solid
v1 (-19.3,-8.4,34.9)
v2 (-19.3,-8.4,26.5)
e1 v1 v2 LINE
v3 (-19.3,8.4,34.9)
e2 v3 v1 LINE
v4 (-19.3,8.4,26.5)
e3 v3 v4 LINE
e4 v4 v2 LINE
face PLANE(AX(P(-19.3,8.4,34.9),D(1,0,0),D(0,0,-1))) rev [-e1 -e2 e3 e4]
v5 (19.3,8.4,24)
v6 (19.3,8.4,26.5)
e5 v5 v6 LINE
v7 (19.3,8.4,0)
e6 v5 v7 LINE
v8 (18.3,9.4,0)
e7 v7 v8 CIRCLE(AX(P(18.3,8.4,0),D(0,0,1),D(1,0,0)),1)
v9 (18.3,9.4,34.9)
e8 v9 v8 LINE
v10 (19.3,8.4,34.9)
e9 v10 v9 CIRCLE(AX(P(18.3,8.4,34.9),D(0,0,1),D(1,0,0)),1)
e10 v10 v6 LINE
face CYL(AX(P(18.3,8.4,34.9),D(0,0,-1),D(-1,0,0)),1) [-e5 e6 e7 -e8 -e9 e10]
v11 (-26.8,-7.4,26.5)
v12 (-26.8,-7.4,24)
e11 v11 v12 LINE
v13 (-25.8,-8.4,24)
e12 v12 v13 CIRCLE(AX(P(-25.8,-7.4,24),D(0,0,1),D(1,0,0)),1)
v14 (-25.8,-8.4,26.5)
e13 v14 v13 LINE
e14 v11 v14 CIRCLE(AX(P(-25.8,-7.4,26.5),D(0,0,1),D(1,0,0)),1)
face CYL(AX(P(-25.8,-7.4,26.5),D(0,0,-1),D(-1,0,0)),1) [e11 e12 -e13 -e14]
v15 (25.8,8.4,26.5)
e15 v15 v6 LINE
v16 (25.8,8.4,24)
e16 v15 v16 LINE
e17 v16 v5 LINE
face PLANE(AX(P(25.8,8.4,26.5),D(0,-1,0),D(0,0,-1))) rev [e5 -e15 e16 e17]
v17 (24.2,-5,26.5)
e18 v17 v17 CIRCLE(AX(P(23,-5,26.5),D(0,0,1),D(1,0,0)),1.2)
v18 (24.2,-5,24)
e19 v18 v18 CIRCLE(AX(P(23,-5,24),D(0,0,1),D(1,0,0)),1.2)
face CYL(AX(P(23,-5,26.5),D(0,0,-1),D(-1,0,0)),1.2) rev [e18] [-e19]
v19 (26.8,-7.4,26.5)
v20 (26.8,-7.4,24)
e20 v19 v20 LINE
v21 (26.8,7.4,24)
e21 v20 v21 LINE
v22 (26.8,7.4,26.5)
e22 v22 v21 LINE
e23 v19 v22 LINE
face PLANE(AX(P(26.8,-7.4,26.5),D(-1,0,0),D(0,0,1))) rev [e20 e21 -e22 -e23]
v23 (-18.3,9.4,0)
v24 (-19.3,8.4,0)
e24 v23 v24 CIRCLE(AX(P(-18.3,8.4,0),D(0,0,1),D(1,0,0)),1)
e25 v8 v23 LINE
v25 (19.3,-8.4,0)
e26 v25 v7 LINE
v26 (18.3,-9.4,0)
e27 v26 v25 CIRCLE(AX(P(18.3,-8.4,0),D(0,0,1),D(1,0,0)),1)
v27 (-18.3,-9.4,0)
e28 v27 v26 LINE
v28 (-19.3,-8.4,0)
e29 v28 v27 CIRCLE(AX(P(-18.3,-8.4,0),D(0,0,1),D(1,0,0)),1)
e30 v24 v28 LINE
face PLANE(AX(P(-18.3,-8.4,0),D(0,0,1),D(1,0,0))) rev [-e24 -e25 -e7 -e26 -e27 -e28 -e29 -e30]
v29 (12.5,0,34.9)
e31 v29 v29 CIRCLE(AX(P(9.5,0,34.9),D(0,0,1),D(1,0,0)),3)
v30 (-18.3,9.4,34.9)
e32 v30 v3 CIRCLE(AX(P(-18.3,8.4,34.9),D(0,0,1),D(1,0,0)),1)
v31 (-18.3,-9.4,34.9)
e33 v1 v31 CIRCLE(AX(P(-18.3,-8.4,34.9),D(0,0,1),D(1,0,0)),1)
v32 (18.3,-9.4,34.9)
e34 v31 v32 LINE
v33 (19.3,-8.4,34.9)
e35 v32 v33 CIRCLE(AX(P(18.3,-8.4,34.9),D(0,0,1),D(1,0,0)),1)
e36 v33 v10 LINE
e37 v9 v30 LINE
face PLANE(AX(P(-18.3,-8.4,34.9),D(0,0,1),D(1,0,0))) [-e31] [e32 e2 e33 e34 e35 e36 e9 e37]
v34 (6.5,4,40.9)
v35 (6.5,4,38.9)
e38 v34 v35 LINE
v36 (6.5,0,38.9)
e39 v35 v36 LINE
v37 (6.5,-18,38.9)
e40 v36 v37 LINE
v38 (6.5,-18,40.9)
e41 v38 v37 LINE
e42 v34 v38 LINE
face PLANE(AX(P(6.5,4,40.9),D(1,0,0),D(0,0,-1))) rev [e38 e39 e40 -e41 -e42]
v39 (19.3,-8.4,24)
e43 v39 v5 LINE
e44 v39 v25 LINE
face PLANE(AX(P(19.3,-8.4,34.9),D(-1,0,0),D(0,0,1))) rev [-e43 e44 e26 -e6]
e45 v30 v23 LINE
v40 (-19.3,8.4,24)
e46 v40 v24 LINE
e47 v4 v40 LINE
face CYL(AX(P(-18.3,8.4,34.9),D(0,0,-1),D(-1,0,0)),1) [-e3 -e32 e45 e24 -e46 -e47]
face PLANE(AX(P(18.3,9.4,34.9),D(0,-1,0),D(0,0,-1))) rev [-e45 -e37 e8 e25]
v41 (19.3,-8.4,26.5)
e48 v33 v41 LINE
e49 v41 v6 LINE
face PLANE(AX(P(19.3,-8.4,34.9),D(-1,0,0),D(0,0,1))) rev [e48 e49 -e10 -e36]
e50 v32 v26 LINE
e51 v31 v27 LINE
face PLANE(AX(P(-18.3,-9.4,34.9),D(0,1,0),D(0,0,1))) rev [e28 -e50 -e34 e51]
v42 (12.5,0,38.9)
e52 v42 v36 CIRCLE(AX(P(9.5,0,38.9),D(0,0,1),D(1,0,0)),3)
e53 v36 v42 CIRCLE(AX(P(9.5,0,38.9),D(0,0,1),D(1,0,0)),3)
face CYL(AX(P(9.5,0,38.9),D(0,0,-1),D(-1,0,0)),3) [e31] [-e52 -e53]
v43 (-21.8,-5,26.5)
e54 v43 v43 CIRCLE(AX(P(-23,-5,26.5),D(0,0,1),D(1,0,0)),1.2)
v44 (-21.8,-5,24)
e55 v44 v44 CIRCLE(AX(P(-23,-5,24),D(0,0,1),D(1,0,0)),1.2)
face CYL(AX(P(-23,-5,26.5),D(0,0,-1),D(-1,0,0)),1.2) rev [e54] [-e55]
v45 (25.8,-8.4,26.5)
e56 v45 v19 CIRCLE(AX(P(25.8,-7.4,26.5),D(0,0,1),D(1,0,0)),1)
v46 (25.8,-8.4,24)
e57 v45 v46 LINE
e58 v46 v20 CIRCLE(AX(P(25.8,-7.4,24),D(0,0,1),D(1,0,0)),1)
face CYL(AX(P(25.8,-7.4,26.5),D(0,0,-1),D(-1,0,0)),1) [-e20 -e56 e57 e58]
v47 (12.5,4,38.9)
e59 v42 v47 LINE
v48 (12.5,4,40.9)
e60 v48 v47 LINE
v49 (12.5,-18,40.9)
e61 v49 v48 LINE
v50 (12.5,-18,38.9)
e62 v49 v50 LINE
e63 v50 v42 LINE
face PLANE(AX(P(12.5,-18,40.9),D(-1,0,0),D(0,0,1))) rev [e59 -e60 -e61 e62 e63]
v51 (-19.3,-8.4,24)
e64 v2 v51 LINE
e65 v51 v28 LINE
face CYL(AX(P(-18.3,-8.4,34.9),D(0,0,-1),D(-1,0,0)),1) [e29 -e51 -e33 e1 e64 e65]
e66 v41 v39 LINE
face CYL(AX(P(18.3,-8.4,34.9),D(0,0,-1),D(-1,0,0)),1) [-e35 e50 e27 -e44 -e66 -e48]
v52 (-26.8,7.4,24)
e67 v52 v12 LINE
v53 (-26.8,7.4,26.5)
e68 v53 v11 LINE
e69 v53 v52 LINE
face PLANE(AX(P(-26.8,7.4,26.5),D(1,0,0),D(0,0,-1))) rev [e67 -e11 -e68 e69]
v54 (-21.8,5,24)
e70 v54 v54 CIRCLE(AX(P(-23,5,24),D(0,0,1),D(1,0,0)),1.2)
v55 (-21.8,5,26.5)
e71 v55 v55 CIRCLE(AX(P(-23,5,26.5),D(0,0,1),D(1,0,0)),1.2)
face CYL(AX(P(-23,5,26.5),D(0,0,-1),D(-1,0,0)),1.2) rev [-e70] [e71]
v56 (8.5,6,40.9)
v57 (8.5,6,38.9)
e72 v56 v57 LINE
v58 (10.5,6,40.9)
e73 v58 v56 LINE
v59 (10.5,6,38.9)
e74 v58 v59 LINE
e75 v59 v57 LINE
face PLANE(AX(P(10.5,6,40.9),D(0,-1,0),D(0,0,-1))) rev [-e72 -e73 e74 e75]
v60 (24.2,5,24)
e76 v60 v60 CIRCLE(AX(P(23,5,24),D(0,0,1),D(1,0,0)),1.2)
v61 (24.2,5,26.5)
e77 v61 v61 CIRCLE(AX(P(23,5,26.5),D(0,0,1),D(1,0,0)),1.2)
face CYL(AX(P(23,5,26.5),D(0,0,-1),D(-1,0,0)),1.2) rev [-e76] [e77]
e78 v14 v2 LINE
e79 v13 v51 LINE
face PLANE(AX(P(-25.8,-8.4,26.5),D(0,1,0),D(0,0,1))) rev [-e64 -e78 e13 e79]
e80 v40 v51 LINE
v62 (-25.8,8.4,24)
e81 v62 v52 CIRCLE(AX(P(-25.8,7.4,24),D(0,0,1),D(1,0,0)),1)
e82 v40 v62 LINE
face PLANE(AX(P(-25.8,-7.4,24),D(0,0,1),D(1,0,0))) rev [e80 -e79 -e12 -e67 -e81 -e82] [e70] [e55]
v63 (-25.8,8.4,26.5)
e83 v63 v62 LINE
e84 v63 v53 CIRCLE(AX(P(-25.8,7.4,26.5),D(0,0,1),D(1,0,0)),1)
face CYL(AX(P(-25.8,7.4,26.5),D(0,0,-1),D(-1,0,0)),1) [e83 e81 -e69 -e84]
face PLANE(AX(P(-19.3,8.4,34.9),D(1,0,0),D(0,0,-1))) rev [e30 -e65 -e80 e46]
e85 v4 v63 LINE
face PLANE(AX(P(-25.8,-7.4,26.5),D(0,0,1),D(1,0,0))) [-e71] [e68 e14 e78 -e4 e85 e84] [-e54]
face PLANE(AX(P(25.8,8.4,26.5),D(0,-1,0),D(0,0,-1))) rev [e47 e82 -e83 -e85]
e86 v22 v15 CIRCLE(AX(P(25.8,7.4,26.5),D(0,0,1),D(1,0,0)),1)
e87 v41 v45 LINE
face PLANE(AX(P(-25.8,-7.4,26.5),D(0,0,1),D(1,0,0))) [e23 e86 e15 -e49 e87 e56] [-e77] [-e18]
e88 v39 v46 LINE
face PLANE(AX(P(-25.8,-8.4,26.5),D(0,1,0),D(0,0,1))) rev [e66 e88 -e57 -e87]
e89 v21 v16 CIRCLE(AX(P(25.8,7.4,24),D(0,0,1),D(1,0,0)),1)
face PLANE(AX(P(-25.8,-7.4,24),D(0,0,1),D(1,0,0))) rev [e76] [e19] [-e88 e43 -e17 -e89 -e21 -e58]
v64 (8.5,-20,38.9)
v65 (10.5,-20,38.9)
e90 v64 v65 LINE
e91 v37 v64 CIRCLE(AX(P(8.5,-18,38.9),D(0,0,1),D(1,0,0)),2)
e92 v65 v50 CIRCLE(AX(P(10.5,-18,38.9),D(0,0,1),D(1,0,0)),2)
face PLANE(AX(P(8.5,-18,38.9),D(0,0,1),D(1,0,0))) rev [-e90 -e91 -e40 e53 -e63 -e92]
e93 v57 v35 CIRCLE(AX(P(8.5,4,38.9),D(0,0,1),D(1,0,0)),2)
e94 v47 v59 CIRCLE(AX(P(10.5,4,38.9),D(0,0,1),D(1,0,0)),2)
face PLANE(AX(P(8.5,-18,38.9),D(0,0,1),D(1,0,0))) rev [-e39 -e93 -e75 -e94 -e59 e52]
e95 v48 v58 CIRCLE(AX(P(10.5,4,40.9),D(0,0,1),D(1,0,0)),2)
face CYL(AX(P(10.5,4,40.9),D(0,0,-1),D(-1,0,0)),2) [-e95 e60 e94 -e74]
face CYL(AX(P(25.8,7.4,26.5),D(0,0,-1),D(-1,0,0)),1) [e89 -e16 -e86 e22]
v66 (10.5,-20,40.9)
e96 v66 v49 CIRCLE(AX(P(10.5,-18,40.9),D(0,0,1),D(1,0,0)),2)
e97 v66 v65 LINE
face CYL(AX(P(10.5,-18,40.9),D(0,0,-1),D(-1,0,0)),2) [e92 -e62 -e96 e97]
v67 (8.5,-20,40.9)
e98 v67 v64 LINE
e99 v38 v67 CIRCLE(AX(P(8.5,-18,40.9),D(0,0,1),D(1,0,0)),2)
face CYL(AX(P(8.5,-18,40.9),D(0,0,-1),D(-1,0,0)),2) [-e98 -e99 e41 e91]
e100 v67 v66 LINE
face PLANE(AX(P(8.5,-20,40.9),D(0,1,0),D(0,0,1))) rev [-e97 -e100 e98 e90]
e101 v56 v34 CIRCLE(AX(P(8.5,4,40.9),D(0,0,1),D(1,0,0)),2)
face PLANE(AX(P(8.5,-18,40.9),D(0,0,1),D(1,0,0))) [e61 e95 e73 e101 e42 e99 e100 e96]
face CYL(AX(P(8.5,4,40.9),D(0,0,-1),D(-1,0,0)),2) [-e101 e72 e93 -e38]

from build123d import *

# Parameters (mm, degrees)
BOSS_EXTRUDE1_DEPTH = 34.9
BOSS_EXTRUDE2_DEPTH = 2.5
SKETCH3_R           = 1.2
CUT_EXTRUDE1_DEPTH  = 2.5
SKETCH4_R           = 3
BOSS_EXTRUDE3_DEPTH = 4
BOSS_EXTRUDE4_DEPTH = 2


with BuildPart() as part:
    # Sketch1 → Boss-Extrude1 (new body)
    with BuildSketch(Plane.XY):
        with BuildLine():
            Line((-18.3, -9.4), (18.3, -9.4))
            ThreePointArc((18.3, -9.4), (19.007106781, -9.107106781), (19.3, -8.4))
            Line((19.3, -8.4), (19.3, 8.4))
            ThreePointArc((19.3, 8.4), (19.007106781, 9.107106781), (18.3, 9.4))
            Line((18.3, 9.4), (-18.3, 9.4))
            ThreePointArc((-18.3, 9.4), (-19.007106781, 9.107106781), (-19.3, 8.4))
            Line((-19.3, 8.4), (-19.3, -8.4))
            ThreePointArc((-19.3, -8.4), (-19.007106781, -9.107106781), (-18.3, -9.4))
        make_face()
    extrude(amount=BOSS_EXTRUDE1_DEPTH)

    # Sketch2 → Boss-Extrude2 (add)
    with BuildSketch(Plane.XY.offset(24)):
        with BuildLine():
            Line((-25.8, -8.4), (25.8, -8.4))
            ThreePointArc((25.8, -8.4), (26.507106781, -8.107106781), (26.8, -7.4))
            Line((26.8, -7.4), (26.8, 7.4))
            ThreePointArc((26.8, 7.4), (26.507106781, 8.107106781), (25.8, 8.4))
            Line((25.8, 8.4), (-25.8, 8.4))
            ThreePointArc((-25.8, 8.4), (-26.507106781, 8.107106781), (-26.8, 7.4))
            Line((-26.8, 7.4), (-26.8, -7.4))
            ThreePointArc((-26.8, -7.4), (-26.507106781, -8.107106781), (-25.8, -8.4))
        make_face()
    extrude(amount=BOSS_EXTRUDE2_DEPTH)

    # Sketch3 → Cut-Extrude1 (cut)
    with BuildSketch(Plane.XY.offset(24)):
        with Locations((23, 5)):
            Circle(SKETCH3_R)
        with Locations((23, -5)):
            Circle(SKETCH3_R)
        with Locations((-23, 5)):
            Circle(SKETCH3_R)
        with Locations((-23, -5)):
            Circle(SKETCH3_R)
    extrude(amount=CUT_EXTRUDE1_DEPTH, mode=Mode.SUBTRACT)

    # Sketch4 → Boss-Extrude3 (add)
    with BuildSketch(Plane.XY.offset(34.9)):
        with Locations((9.5, 0)):
            Circle(SKETCH4_R)
    extrude(amount=BOSS_EXTRUDE3_DEPTH)

    # Sketch5 → Boss-Extrude4 (add)
    with BuildSketch(Plane.XY.offset(38.9)):
        with BuildLine():
            Line((8.5, -20), (10.5, -20))
            ThreePointArc((10.5, -20), (11.914213562, -19.414213562), (12.5, -18))
            Line((12.5, -18), (12.5, 4))
            ThreePointArc((12.5, 4), (11.914213562, 5.414213562), (10.5, 6))
            Line((10.5, 6), (8.5, 6))
            ThreePointArc((8.5, 6), (7.085786438, 5.414213562), (6.5, 4))
            Line((6.5, 4), (6.5, -18))
            ThreePointArc((6.5, -18), (7.085786438, -19.414213562), (8.5, -20))
        make_face()
    extrude(amount=BOSS_EXTRUDE4_DEPTH)


solid = part.part
